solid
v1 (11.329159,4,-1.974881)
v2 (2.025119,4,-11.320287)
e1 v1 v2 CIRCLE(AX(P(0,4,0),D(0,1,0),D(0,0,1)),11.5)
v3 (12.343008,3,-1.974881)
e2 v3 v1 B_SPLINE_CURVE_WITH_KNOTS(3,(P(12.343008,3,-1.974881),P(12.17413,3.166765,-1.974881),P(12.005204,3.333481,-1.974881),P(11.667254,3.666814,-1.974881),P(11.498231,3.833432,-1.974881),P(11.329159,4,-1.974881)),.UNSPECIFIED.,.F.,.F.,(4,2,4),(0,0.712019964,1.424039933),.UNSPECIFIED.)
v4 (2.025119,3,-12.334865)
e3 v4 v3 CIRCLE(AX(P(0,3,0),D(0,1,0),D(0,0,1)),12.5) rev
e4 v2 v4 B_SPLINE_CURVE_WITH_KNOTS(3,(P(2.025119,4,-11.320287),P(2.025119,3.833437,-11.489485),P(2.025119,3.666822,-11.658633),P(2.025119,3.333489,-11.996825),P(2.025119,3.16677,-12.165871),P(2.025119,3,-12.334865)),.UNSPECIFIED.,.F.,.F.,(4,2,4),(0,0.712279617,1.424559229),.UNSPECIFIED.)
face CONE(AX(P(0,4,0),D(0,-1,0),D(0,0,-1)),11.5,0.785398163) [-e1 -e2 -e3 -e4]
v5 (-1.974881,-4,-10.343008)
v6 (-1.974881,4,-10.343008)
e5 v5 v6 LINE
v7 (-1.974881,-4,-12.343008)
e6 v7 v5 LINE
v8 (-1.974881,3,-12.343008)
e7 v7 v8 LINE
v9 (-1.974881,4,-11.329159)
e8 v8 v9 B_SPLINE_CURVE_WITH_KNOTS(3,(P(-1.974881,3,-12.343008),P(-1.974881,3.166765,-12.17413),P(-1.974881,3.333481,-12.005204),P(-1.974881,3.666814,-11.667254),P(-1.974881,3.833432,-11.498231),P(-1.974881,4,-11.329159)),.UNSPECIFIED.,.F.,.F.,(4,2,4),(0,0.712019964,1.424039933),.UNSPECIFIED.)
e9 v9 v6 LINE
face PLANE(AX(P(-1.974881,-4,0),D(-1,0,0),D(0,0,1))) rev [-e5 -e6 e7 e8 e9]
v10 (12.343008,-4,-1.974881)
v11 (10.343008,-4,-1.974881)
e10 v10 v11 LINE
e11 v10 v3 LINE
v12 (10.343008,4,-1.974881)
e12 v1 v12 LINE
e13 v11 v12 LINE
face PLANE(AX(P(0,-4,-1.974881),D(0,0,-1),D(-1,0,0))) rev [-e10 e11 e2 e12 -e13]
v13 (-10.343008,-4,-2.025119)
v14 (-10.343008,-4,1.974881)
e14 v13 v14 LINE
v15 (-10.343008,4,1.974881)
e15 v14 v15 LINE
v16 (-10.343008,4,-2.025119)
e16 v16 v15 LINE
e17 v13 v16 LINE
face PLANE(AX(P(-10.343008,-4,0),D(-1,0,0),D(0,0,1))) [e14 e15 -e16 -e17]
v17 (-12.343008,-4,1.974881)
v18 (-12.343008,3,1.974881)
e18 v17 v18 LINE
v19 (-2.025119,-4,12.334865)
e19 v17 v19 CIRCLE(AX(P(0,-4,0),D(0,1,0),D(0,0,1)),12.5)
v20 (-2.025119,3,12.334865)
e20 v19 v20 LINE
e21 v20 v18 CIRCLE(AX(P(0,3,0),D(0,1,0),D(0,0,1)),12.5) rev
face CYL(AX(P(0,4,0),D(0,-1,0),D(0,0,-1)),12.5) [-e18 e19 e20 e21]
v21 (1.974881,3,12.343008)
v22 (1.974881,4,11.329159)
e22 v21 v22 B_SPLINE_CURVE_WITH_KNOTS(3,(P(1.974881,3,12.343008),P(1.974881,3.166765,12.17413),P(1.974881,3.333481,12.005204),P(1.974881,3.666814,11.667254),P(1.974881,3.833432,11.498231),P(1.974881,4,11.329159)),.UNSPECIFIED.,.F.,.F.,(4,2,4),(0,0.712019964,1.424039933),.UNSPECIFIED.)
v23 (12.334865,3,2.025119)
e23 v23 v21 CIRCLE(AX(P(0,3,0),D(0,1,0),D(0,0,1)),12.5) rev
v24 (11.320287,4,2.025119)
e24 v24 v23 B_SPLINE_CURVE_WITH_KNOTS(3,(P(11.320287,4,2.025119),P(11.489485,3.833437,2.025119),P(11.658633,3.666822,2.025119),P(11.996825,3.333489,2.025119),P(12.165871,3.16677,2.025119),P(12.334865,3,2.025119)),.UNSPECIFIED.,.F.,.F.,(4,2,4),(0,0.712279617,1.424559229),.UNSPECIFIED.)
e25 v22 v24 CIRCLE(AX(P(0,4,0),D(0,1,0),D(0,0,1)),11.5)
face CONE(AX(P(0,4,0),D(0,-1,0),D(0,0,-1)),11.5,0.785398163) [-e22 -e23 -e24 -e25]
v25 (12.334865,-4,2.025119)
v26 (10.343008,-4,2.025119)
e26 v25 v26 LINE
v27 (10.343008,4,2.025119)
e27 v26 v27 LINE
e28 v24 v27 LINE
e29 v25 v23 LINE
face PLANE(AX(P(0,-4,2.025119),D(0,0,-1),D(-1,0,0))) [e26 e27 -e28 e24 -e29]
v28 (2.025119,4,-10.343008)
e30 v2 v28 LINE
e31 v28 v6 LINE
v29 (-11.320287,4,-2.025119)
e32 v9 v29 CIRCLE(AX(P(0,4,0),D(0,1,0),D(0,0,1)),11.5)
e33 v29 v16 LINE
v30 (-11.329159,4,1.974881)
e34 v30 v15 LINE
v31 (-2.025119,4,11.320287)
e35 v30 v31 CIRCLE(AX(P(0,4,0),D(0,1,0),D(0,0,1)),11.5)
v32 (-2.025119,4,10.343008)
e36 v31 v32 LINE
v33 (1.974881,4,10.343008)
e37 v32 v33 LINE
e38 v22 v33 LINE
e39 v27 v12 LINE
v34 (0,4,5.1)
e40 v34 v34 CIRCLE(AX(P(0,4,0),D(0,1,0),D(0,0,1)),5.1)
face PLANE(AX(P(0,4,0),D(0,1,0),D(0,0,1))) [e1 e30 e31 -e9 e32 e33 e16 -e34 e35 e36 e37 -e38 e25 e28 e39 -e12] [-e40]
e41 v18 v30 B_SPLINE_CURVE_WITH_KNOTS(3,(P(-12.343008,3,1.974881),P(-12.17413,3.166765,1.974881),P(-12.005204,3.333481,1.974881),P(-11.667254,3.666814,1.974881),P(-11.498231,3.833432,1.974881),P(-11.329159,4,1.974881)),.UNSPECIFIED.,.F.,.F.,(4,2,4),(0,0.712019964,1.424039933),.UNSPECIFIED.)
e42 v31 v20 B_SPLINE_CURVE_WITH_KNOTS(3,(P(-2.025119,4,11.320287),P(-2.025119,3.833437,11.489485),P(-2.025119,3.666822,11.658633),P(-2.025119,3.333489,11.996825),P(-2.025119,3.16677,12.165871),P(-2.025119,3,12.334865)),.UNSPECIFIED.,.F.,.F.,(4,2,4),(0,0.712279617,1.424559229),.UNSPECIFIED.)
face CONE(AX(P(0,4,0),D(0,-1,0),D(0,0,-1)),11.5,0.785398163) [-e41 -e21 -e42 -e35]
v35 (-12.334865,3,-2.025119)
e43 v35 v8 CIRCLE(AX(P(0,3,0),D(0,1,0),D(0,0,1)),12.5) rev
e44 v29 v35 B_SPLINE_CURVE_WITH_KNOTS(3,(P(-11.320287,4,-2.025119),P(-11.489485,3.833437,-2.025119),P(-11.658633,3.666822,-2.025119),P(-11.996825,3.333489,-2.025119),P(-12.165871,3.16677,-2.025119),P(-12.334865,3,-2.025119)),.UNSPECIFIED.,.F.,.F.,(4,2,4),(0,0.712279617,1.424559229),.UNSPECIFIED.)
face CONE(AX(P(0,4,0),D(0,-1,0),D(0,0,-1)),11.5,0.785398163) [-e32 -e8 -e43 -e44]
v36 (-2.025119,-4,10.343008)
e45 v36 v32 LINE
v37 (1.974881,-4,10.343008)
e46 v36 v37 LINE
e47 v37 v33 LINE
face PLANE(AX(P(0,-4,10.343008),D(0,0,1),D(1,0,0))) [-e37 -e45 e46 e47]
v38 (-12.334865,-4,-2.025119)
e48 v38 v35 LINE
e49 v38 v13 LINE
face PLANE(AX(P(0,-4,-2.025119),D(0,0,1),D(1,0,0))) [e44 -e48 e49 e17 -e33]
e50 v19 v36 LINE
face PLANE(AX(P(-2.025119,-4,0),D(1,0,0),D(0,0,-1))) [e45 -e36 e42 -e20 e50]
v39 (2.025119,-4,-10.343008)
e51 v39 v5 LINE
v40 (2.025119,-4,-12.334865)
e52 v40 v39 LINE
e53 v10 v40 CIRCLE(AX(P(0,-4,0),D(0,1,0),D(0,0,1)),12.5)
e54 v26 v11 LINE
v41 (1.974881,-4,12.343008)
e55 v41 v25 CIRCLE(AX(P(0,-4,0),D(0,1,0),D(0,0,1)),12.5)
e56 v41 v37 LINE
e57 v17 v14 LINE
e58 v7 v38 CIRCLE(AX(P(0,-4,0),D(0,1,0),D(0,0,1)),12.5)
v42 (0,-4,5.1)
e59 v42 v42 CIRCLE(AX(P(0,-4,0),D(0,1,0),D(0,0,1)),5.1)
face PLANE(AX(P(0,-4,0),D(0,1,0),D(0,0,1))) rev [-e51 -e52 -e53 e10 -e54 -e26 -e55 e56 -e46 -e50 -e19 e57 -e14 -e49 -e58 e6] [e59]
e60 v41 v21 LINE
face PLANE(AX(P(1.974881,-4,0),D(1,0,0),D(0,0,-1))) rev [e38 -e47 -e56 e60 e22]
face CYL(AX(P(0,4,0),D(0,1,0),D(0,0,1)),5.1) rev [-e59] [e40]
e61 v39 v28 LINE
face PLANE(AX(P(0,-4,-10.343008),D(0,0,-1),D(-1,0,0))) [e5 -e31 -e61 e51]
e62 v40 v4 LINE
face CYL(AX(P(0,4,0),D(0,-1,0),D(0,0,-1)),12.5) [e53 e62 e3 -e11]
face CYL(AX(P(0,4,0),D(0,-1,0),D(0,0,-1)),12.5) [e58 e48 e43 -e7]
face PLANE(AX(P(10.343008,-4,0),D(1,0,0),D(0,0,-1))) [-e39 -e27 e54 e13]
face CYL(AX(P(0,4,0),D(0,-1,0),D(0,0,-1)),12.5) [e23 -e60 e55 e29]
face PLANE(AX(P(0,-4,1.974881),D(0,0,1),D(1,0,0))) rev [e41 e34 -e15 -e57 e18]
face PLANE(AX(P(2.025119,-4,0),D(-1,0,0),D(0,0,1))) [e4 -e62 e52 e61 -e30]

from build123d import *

# Parameters (mm, degrees)
SKETCH1_R               = 12.5
BOSS_EXTRUDE1_DEPTH     = 4
CUT_EXTRUDE1_DEPTH      = 5
CUT_EXTRUDE1_DEPTH_BACK = 5
CHAMFER1_SIZE           = 1
M12_TAPPED_HOLE1_D      = 10.2
M12_TAPPED_HOLE1_DEPTH  = 8


with BuildPart() as part:
    # Sketch1 → Boss-Extrude1 (new body, symmetric)
    with BuildSketch(Plane(origin=(0, 0, 0), x_dir=(1, 0, 0), z_dir=(0, 1, 0))):
        Circle(SKETCH1_R)
    extrude(amount=BOSS_EXTRUDE1_DEPTH, both=True)

    # Sketch2 → Cut-Extrude1 (cut, two sides)
    with BuildSketch(Plane(origin=(0, 0, 0), x_dir=(1, 0, 0), z_dir=(0, 1, 0))) as cut_extrude1_sk:
        with BuildLine():
            ThreePointArc((12.334864981, -2.025118736), (12.499974099, -0.025446565), (12.343007899, 1.974881264))
            Line((12.343007899, 1.974881264), (10.343007899, 1.974881264))
            Line((10.343007899, 1.974881264), (10.343007899, -2.025118736))
            Line((10.343007899, -2.025118736), (12.334864981, -2.025118736))
        make_face()
        with BuildLine():
            ThreePointArc((-2.025118736, -12.334864981), (-0.025446565, -12.499974099), (1.974881264, -12.343007899))
            Line((1.974881264, -12.343007899), (1.974881264, -10.343007899))
            Line((1.974881264, -10.343007899), (-2.025118736, -10.343007899))
            Line((-2.025118736, -10.343007899), (-2.025118736, -12.334864981))
        make_face()
        with BuildLine():
            Line((2.025118736, 10.343007899), (2.025118736, 12.334864981))
            ThreePointArc((2.025118736, 12.334864981), (0.025446565, 12.499974099), (-1.974881264, 12.343007899))
            Line((-1.974881264, 12.343007899), (-1.974881264, 10.343007899))
            Line((-1.974881264, 10.343007899), (2.025118736, 10.343007899))
        make_face()
        with BuildLine():
            ThreePointArc((-12.334864981, 2.025118736), (-12.499974099, 0.025446565), (-12.343007899, -1.974881264))
            Line((-12.343007899, -1.974881264), (-10.343007899, -1.974881264))
            Line((-10.343007899, -1.974881264), (-10.343007899, 2.025118736))
            Line((-10.343007899, 2.025118736), (-12.334864981, 2.025118736))
        make_face()
    extrude(amount=CUT_EXTRUDE1_DEPTH, mode=Mode.SUBTRACT)
    extrude(cut_extrude1_sk.sketch, amount=-CUT_EXTRUDE1_DEPTH_BACK, mode=Mode.SUBTRACT)

    # Chamfer1
    chamfer1_edges = [part.edges().sort_by_distance(p)[0] for p in [
        (8.856809889, 4, -8.820823011),
        (-8.820823011, 4, -8.856809889),
        (-8.856809889, 4, 8.820823011),
        (8.820823011, 4, 8.856809889),
    ]]
    chamfer(chamfer1_edges, length=CHAMFER1_SIZE)

    # M12 Tapped Hole1
    with Locations(Plane(origin=(0, 4, 0), x_dir=(1, 0, 0), z_dir=(0, 1, 0))):
        with Locations((0, 0)):
            Hole(M12_TAPPED_HOLE1_D / 2, depth=M12_TAPPED_HOLE1_DEPTH)


solid = part.part
